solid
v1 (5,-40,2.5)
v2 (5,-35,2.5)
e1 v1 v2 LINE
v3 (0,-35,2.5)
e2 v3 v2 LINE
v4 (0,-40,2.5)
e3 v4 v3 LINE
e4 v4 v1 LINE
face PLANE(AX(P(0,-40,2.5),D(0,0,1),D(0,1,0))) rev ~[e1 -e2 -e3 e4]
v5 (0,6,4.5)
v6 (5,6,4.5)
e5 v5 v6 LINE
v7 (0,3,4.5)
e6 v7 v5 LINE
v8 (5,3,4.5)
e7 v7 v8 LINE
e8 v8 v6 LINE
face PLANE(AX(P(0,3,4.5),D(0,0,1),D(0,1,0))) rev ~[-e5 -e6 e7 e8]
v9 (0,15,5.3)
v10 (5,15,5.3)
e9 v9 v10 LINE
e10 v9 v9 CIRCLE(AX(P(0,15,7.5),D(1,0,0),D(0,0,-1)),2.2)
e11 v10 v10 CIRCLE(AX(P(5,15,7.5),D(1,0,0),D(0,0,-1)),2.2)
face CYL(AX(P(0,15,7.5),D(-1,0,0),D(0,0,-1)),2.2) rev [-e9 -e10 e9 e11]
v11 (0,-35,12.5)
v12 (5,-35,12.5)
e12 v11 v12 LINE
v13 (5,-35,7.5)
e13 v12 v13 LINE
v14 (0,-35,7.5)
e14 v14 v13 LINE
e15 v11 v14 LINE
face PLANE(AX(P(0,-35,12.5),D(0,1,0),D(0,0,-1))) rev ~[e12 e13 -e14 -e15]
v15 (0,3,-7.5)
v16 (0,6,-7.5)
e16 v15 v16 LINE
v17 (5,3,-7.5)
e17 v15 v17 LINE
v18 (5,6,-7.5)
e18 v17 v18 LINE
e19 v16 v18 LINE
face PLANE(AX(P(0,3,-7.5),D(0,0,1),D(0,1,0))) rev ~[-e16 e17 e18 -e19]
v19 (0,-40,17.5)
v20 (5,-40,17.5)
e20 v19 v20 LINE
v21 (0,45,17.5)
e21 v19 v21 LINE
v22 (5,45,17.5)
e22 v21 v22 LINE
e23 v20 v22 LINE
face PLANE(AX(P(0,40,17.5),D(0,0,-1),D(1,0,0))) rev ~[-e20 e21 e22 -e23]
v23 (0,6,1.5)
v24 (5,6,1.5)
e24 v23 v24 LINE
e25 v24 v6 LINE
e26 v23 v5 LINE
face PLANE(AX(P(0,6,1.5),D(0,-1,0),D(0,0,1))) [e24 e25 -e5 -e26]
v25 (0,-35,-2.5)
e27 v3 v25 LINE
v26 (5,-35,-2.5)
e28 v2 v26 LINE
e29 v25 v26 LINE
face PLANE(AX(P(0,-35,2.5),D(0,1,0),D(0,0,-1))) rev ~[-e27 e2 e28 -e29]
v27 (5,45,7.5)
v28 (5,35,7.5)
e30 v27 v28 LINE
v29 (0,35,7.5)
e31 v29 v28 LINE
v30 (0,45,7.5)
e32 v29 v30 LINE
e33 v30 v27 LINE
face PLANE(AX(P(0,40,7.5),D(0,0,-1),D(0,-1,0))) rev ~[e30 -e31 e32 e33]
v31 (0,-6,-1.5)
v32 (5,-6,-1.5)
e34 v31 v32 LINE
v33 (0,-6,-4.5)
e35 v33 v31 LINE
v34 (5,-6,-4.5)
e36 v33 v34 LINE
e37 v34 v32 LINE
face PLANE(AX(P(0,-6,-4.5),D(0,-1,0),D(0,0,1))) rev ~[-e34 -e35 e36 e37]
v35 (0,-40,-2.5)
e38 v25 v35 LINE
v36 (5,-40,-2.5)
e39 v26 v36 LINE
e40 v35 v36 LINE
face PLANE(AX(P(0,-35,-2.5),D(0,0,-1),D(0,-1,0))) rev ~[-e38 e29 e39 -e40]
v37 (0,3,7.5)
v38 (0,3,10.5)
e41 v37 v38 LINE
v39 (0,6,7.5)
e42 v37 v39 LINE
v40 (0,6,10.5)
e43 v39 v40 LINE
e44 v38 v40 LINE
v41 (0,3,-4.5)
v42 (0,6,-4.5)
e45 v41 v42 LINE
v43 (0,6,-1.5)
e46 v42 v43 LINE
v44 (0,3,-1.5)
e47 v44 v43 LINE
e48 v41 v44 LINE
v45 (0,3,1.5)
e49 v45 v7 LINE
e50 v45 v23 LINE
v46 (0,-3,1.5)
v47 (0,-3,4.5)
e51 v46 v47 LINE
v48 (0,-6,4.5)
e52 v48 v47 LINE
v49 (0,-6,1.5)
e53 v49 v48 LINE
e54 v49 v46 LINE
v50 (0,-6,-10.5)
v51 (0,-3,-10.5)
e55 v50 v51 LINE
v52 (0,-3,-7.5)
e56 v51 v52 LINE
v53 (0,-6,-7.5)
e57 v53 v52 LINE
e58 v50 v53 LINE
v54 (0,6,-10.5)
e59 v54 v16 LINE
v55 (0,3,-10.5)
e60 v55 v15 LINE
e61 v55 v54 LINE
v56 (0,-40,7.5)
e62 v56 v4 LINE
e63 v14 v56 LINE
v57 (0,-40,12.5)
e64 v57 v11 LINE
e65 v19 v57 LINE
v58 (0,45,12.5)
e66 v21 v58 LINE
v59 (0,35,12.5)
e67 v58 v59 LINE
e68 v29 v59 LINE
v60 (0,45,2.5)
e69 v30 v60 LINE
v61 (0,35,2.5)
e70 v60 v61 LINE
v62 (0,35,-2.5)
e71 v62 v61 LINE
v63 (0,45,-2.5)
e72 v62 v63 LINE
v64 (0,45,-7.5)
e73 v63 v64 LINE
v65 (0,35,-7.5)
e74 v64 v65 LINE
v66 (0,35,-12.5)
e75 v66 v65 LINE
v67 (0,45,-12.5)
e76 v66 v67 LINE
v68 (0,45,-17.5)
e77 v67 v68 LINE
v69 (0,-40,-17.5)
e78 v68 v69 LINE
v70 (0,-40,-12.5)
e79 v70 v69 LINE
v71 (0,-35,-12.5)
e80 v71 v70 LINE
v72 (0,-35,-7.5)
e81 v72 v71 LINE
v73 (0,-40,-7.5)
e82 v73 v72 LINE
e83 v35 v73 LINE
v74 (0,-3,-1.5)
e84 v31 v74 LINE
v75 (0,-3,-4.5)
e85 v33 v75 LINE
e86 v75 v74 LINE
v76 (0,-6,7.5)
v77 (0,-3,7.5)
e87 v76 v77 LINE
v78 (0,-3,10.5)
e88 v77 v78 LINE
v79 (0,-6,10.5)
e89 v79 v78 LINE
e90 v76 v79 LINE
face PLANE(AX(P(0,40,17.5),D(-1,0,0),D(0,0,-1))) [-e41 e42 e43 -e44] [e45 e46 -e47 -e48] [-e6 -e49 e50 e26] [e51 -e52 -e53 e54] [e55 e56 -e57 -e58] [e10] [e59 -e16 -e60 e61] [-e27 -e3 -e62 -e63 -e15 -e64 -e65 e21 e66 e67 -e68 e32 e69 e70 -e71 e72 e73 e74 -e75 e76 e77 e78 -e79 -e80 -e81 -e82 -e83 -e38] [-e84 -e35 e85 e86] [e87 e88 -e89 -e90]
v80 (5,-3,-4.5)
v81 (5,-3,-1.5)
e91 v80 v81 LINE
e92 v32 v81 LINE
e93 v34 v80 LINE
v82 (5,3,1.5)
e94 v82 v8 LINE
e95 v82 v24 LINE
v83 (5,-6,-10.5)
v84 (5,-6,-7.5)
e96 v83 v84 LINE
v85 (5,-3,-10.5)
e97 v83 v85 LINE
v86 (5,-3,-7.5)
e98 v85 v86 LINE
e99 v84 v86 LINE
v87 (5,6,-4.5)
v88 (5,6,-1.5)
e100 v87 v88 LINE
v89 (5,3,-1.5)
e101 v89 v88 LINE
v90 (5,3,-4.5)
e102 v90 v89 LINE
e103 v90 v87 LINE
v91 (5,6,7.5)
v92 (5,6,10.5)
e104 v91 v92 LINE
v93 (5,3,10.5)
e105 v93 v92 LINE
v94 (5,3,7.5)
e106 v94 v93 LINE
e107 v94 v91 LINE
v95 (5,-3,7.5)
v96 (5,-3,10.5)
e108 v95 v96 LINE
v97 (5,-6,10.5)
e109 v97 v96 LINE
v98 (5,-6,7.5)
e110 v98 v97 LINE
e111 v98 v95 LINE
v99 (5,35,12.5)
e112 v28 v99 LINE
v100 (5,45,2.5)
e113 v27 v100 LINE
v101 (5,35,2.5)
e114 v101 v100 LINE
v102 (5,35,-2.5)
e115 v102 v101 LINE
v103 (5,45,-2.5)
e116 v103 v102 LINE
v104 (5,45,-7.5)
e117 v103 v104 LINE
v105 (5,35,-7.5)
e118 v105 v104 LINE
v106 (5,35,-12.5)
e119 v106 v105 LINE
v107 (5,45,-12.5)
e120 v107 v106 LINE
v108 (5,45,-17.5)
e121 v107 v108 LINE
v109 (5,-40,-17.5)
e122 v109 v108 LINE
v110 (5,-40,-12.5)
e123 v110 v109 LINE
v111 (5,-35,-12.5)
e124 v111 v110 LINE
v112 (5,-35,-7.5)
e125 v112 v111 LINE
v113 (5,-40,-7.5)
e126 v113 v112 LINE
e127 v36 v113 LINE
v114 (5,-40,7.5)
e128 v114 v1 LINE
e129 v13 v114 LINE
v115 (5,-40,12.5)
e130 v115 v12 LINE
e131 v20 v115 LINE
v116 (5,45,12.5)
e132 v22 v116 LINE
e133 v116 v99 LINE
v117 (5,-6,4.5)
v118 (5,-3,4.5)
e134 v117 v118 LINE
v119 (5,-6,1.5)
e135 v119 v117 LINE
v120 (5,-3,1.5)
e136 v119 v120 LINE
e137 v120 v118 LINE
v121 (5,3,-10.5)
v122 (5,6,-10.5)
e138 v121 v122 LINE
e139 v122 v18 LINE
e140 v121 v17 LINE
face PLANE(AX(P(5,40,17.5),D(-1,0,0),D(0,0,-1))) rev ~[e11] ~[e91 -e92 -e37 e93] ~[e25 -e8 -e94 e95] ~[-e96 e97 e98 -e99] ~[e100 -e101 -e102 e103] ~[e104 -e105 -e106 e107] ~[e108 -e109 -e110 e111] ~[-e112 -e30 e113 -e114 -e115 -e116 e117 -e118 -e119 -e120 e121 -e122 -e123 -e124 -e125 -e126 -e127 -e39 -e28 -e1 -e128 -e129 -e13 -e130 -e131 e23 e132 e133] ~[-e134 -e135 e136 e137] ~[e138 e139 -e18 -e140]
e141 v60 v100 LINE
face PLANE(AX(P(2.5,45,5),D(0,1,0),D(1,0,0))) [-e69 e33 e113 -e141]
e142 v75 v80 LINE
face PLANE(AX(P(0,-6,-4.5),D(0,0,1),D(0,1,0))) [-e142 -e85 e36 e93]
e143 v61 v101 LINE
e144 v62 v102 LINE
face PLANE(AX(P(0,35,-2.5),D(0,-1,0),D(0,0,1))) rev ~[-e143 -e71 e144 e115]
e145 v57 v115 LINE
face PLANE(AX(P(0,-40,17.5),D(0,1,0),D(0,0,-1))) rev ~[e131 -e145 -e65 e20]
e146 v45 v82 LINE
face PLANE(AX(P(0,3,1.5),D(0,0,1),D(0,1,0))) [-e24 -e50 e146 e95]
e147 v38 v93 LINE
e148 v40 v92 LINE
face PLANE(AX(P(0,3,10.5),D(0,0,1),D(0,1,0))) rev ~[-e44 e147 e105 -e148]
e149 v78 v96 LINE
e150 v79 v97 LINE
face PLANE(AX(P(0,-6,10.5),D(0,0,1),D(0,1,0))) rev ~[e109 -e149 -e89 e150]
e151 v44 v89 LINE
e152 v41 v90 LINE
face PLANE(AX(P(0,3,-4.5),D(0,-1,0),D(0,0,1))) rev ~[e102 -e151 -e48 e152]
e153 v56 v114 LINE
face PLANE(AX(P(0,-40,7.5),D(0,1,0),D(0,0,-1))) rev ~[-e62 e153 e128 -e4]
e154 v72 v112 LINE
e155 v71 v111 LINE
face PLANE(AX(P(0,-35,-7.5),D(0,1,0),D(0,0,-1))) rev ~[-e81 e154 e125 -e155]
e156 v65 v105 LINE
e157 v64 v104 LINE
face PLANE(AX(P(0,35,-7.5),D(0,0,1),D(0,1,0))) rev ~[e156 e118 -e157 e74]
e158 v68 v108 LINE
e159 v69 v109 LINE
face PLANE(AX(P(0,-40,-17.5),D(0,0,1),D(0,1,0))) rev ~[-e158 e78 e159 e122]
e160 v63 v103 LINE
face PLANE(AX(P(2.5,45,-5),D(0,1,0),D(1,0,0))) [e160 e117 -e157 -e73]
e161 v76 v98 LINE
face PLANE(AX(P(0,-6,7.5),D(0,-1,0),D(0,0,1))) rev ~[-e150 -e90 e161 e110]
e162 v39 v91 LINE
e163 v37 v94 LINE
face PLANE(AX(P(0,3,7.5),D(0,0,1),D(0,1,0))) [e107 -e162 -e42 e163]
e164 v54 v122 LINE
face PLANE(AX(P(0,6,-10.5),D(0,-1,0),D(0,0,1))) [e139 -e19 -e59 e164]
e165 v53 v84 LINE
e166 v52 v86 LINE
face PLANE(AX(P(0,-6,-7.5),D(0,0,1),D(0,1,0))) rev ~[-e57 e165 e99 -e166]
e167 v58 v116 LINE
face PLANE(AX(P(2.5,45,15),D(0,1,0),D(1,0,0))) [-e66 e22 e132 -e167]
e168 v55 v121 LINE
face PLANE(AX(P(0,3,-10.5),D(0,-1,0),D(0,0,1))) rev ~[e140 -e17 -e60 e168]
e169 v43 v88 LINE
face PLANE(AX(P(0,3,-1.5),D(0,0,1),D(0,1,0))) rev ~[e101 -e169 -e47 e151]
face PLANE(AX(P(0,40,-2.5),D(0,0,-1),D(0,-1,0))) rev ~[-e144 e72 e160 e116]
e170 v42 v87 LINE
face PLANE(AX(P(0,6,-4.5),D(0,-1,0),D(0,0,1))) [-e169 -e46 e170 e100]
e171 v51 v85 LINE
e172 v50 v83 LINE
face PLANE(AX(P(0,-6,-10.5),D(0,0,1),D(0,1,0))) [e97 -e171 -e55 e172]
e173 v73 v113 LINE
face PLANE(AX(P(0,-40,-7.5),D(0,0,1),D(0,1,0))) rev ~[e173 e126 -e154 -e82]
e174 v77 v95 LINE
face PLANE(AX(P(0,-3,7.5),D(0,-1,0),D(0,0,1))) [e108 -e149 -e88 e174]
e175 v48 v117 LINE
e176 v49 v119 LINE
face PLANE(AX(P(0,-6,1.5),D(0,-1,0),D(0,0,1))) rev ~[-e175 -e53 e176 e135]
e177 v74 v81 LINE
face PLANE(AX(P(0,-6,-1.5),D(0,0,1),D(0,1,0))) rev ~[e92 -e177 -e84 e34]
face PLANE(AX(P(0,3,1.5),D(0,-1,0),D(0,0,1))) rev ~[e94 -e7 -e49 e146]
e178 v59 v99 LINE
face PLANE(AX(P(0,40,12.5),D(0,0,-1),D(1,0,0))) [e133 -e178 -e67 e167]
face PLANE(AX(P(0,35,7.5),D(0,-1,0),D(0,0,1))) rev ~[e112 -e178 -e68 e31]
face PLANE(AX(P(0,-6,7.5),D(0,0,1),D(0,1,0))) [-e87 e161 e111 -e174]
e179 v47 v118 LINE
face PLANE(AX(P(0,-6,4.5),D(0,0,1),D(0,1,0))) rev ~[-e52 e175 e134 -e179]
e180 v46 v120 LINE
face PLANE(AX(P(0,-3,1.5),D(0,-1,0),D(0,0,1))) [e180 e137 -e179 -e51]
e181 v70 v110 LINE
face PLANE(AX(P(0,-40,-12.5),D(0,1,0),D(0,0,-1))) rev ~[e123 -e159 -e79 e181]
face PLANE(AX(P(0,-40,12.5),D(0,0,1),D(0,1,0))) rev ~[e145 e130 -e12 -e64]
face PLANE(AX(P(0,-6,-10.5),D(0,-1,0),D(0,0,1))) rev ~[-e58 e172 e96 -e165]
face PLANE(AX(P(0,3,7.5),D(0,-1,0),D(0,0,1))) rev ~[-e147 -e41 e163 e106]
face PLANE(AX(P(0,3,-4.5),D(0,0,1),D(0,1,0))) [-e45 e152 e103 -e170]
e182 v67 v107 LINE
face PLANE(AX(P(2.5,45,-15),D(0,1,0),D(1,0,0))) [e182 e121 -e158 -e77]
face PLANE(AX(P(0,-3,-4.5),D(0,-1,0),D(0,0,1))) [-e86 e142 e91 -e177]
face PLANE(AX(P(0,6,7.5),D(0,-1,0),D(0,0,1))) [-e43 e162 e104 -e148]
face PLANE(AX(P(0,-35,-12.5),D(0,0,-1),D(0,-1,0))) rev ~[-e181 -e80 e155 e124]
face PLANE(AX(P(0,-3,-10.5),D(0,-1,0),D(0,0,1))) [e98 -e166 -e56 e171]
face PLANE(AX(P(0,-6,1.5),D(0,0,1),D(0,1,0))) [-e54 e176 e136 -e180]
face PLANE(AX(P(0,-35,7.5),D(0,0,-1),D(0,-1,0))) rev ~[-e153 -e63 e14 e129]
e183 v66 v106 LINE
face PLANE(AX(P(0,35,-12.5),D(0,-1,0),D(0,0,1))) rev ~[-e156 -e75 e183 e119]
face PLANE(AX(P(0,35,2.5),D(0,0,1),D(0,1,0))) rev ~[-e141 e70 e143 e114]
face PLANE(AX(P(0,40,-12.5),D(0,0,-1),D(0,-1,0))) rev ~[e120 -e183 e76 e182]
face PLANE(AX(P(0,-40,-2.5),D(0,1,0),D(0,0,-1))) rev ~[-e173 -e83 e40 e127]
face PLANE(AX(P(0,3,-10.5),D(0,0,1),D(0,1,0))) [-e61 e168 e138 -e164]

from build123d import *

# Parameters (mm, degrees)
ESQUISSE1_R             = 2.2
BOSS_EXTRU_1_DEPTH      = 5
ESQUISSE3_W             = 5
ESQUISSE3_H             = 5
BOSS_EXTRU_3_DEPTH      = 5
ESQUISSE4_W             = 3
ESQUISSE4_H             = 3
ENL_V_MAT_EXTRU_1_DEPTH = 10


with BuildPart() as part:
    # Esquisse1 → Boss.-Extru.1 (new body)
    with BuildSketch(Plane(origin=(0, 0, 0), x_dir=(0, 0, -1), z_dir=(1, 0, 0))):
        Polygon((-17.5, -40), (-12.5, -40), (-12.5, -35), (-7.5, -35), (-7.5, -40), (-2.5, -40), (-2.5, -35), (2.5, -35), (2.5, -40), (7.5, -40), (7.5, -35), (12.5, -35), (12.5, -40), (17.5, -40), (17.5, 40), (12.5, 40), (12.5, 35), (7.5, 35), (7.5, 40), (2.5, 40), (2.5, 35), (-2.5, 35), (-2.5, 40), (-7.5, 40), (-7.5, 35), (-12.5, 35), (-12.5, 40), (-17.5, 40), align=None)
        with Locations((-7.5, 15)):
            Circle(ESQUISSE1_R, mode=Mode.SUBTRACT)
    extrude(amount=BOSS_EXTRU_1_DEPTH)

    # Esquisse3 → Boss.-Extru.3 (add)
    with BuildSketch(Plane(origin=(0, 40, 0), x_dir=(1, 0, 0), z_dir=(0, 1, 0))):
        with Locations((2.5, -15)):
            Rectangle(ESQUISSE3_W, ESQUISSE3_H)
        with Locations((2.5, -5)):
            Rectangle(ESQUISSE3_W, ESQUISSE3_H)
        with Locations((2.5, 5)):
            Rectangle(ESQUISSE3_W, ESQUISSE3_H)
        with Locations((2.5, 15)):
            Rectangle(ESQUISSE3_W, ESQUISSE3_H)
    extrude(amount=BOSS_EXTRU_3_DEPTH)

    # Esquisse4 → Enlèv. mat.-Extru.1 (cut)
    with BuildSketch(Plane.ZY):
        with Locations((-3, -4.5)):
            Rectangle(ESQUISSE4_W, ESQUISSE4_H)
        with Locations((-9, -4.5)):
            Rectangle(ESQUISSE4_W, ESQUISSE4_H)
        with Locations((3, -4.5)):
            Rectangle(ESQUISSE4_W, ESQUISSE4_H)
        with Locations((9, -4.5)):
            Rectangle(ESQUISSE4_W, ESQUISSE4_H)
        with Locations((9, 4.5)):
            Rectangle(ESQUISSE4_W, ESQUISSE4_H)
        with Locations((3, 4.5)):
            Rectangle(ESQUISSE4_W, ESQUISSE4_H)
        with Locations((-3, 4.5)):
            Rectangle(ESQUISSE4_W, ESQUISSE4_H)
        with Locations((-9, 4.5)):
            Rectangle(ESQUISSE4_W, ESQUISSE4_H)
    extrude(amount=-ENL_V_MAT_EXTRU_1_DEPTH, mode=Mode.SUBTRACT)


solid = part.part
